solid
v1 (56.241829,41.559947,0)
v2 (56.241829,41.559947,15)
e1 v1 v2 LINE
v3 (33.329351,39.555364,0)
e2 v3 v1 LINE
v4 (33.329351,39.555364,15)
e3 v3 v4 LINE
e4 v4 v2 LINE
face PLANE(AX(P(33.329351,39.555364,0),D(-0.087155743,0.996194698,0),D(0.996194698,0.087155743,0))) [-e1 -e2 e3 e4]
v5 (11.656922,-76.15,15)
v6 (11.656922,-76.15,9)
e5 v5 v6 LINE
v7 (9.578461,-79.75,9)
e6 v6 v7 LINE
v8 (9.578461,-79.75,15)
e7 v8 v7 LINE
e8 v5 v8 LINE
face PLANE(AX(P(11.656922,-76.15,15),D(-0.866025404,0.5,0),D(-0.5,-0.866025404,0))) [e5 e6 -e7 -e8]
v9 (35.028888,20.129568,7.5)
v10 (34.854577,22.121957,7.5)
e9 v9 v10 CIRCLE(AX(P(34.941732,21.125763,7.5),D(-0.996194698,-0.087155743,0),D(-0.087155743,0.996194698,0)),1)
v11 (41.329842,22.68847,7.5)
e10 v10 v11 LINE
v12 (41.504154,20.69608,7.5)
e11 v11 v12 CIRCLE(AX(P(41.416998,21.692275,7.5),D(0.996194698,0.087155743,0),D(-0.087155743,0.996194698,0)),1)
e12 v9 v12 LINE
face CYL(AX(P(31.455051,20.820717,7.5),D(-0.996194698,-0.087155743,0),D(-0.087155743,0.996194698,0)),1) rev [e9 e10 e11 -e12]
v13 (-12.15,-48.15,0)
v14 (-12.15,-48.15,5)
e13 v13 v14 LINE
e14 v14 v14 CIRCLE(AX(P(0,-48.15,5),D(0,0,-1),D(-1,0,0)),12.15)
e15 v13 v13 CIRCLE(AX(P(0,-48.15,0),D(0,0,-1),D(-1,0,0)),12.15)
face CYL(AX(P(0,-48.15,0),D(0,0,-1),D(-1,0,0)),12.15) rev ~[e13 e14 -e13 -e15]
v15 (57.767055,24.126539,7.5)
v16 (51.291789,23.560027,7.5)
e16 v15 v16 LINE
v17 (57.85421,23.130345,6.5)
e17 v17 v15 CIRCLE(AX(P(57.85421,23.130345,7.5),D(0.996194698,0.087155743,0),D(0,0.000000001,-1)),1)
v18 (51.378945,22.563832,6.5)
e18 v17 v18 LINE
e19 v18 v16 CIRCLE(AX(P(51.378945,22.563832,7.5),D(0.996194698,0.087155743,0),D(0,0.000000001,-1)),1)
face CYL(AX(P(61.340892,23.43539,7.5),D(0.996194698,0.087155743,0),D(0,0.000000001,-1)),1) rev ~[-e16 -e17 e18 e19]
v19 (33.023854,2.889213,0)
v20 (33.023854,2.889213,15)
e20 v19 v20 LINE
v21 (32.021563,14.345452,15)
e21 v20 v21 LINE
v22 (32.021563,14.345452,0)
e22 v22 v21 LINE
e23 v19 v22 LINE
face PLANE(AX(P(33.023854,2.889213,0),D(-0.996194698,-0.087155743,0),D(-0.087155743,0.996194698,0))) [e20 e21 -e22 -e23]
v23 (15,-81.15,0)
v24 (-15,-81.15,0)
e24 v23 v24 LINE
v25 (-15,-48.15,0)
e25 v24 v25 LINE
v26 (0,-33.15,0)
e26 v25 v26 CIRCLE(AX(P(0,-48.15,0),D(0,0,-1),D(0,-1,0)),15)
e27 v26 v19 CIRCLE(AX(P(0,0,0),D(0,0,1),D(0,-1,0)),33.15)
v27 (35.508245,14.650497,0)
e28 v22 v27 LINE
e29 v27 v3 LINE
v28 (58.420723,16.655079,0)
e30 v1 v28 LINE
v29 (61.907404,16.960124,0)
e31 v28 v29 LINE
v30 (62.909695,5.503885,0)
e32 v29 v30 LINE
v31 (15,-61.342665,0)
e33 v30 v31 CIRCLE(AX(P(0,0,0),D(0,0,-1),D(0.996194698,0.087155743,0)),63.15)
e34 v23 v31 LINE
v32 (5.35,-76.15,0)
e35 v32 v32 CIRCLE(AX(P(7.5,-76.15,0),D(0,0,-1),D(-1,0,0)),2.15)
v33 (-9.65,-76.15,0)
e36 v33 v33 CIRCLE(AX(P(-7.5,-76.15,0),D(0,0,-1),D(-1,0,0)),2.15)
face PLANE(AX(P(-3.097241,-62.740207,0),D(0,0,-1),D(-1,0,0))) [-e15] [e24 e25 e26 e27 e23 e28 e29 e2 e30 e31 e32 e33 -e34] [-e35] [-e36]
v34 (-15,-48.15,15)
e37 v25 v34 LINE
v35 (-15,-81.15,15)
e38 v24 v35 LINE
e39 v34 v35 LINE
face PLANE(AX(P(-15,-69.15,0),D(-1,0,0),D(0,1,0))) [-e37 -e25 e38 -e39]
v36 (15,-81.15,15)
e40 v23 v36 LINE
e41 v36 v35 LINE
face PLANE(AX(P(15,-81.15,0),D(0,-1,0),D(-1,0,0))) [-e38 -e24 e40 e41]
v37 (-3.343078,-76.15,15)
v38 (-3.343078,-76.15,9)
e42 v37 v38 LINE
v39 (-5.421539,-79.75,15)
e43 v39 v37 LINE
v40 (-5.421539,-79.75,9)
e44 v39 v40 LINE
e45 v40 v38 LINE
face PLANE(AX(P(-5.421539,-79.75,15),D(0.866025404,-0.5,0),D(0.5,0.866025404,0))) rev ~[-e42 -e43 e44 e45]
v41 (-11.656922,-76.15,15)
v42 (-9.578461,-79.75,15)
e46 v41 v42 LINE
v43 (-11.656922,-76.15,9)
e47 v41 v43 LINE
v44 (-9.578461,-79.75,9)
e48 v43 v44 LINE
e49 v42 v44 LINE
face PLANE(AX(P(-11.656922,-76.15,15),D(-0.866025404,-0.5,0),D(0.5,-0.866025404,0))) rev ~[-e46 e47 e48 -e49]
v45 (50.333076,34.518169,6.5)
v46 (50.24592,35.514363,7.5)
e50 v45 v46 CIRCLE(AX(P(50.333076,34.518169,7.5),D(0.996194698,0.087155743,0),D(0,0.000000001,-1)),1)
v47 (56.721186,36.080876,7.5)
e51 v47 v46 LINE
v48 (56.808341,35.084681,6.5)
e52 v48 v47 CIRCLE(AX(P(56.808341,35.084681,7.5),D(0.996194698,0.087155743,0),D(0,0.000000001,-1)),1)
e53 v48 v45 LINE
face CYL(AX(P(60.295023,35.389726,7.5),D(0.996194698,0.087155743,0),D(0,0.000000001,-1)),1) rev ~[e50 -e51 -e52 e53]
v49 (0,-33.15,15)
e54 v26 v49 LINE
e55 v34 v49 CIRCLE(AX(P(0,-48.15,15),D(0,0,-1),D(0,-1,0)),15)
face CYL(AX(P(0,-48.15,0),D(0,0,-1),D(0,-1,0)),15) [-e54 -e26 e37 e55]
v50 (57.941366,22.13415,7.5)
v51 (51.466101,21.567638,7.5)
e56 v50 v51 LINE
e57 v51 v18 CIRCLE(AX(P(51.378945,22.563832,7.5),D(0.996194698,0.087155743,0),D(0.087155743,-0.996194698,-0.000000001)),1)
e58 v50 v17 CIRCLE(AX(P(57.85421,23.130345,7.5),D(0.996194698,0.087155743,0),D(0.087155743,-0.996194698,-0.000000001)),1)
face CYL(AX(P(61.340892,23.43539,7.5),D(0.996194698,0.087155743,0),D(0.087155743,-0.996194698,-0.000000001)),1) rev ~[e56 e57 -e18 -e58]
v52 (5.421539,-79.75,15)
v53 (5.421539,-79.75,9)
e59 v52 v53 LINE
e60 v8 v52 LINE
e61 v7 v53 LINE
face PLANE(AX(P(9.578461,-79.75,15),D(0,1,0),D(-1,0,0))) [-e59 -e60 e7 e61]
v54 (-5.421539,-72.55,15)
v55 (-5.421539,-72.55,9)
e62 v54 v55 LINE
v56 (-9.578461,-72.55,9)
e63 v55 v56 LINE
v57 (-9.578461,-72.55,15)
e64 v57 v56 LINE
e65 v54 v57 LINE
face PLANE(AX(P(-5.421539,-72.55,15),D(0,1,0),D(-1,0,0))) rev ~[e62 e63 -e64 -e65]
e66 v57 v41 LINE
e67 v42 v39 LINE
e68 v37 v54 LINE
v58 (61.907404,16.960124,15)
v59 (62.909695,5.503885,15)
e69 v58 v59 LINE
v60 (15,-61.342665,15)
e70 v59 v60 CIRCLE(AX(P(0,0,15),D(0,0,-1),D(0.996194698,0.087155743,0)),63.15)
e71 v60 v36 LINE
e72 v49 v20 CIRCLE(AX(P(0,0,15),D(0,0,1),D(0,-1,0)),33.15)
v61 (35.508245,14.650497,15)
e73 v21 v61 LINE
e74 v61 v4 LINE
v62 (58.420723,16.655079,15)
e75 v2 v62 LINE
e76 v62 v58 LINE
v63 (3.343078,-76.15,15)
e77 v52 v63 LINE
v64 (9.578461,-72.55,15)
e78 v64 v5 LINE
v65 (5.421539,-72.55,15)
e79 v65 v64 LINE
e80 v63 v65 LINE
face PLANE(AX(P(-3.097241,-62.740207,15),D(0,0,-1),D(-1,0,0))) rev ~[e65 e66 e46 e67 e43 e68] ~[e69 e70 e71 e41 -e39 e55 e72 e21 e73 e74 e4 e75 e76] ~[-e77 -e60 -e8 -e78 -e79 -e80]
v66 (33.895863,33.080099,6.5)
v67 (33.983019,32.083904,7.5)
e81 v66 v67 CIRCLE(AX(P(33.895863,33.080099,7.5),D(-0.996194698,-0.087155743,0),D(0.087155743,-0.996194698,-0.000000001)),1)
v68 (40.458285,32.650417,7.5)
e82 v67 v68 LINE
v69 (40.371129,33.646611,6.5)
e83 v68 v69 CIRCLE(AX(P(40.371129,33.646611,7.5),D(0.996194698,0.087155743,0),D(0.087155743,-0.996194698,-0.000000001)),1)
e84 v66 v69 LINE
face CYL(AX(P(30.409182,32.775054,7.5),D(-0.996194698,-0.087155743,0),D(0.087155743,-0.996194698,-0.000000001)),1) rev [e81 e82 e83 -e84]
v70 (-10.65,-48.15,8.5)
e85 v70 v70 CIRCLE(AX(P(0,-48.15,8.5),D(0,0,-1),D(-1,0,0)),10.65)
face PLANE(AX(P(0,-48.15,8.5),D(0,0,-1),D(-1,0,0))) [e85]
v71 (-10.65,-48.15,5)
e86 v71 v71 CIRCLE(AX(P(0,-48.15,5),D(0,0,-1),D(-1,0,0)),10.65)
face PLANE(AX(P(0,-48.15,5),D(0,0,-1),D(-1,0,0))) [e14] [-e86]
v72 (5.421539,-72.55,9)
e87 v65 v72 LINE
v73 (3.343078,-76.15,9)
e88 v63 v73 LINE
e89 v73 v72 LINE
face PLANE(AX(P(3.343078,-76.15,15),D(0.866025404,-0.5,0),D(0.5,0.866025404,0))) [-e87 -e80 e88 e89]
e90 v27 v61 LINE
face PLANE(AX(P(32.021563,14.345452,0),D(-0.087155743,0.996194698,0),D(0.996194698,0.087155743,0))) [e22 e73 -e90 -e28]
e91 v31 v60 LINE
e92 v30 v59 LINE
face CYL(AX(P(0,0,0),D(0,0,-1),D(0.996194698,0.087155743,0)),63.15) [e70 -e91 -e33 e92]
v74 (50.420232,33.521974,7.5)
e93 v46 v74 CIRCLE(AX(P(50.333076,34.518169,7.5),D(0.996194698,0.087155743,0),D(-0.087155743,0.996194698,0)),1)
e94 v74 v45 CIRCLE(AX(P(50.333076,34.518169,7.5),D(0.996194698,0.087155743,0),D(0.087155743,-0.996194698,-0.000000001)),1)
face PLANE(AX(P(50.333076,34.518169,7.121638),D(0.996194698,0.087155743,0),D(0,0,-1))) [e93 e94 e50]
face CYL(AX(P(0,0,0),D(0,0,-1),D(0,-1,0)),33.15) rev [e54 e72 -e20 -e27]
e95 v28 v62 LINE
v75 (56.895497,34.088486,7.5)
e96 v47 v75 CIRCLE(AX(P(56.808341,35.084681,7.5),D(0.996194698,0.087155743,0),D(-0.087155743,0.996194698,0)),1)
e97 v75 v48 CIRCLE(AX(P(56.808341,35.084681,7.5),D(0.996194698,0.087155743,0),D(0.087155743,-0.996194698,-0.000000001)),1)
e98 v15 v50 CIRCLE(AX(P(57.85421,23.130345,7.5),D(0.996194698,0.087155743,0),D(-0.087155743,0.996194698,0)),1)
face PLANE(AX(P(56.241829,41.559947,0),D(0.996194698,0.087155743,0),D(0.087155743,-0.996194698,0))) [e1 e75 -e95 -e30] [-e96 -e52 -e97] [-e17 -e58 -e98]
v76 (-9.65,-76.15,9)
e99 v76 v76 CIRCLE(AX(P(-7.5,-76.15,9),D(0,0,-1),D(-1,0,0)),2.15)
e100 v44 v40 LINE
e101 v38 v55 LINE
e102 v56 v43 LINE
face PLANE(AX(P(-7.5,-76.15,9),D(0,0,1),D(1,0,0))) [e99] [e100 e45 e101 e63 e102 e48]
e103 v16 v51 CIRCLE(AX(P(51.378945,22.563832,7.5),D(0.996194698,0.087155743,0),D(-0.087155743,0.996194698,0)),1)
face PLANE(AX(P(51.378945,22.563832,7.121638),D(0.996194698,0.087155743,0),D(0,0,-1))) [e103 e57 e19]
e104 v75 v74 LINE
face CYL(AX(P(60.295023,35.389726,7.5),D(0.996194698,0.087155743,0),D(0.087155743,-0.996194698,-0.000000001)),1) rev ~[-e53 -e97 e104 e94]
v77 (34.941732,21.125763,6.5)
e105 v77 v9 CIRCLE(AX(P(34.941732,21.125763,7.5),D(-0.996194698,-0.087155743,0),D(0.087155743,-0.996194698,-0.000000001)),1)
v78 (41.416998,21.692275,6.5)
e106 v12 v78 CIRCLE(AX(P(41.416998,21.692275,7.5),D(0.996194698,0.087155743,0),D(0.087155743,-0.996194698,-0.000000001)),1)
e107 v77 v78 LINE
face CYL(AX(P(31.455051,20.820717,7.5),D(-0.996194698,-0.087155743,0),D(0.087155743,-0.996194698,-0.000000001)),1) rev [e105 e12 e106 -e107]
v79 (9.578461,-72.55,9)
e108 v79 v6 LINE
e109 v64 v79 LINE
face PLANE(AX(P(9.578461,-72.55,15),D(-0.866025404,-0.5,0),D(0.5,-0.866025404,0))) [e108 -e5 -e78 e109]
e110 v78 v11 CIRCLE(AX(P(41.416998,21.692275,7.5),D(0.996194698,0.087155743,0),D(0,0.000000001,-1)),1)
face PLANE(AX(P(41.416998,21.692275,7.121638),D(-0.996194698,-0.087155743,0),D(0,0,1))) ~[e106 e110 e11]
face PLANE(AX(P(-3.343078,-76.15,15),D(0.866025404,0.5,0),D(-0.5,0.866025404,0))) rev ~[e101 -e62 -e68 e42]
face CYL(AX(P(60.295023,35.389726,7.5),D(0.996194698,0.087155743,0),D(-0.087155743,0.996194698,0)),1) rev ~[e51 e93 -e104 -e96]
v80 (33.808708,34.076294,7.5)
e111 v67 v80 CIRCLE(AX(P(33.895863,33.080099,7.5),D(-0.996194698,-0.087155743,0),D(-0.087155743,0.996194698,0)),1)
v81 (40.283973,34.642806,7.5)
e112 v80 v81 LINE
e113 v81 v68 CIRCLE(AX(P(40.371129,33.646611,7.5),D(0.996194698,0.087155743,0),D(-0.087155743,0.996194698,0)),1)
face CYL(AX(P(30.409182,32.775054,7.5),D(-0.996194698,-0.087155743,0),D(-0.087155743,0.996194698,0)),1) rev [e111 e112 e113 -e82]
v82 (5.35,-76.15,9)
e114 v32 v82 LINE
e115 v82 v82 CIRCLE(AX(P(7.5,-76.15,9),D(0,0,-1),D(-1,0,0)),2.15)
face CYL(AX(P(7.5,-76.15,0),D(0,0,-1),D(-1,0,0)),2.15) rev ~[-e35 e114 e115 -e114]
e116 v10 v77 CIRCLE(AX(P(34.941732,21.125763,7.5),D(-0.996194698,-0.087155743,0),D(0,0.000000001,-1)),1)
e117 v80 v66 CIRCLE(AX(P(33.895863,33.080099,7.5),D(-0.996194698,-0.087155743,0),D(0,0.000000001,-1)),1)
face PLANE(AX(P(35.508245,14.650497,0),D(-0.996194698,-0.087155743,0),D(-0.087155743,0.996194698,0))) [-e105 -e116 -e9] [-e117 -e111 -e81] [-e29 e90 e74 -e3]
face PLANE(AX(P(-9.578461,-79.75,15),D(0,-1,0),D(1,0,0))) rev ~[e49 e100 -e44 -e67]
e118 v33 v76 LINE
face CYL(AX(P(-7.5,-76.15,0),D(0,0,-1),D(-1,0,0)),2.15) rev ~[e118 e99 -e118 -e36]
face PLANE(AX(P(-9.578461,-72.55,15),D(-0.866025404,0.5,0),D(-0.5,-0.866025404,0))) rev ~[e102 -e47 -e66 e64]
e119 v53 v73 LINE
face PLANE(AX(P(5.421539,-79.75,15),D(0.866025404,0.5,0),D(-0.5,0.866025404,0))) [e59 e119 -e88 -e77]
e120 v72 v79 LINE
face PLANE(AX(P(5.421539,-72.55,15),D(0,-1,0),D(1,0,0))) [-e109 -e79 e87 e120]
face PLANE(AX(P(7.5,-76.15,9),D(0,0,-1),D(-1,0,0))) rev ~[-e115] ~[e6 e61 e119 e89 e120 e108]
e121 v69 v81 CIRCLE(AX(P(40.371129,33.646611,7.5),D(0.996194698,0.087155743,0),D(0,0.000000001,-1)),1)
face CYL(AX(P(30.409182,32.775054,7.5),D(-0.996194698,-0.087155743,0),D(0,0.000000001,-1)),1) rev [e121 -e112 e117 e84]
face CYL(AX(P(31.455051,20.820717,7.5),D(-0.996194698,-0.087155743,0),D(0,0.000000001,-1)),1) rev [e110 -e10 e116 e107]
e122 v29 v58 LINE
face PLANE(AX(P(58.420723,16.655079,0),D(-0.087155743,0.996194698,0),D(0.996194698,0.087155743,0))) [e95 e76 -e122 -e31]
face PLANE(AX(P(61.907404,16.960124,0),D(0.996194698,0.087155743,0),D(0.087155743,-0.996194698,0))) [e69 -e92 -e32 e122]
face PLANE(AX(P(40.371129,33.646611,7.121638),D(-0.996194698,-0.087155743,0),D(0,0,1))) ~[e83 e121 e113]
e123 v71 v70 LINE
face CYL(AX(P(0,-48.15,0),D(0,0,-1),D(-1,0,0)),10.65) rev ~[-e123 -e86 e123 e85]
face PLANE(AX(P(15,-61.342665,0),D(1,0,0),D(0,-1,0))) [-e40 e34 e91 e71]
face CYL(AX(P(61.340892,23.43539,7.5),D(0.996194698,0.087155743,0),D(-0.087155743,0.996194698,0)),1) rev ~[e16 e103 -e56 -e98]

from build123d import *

# Parameters (mm, degrees)
SKETCH_395_R           = 7.6
EXTRUDE_923_DEPTH      = 15
CUT_EXTRUDE_1359_DEPTH = 10
SKETCH_4236_W          = 30
SKETCH_4236_H          = 12
SKETCH_4236_R          = 2.15
SKETCH_4236_R_2        = 4.1
EXTRUDE_5757_DEPTH     = 15
SKETCH_1_3_R           = 12.15
SKETCH_1_3_R_2         = 10.65
CUT_EXTRUDE_5889_DEPTH = 5
SKETCH_1_4_R           = 10.65
CUT_EXTRUDE_5977_DEPTH = 8.5
CUT_EXTRUDE_7570_DEPTH = 6
SKETCH_1_R             = 7.65
EXTRUDE_7865_DEPTH     = 6.5


with BuildPart() as part:
    # Sketch 395 → Extrude 923 (new body)
    with BuildSketch(Plane.XY):
        with BuildLine():
            Line((33.023854242, 2.889212872), (32.0215632, 14.3454519))
            Line((32.0215632, 14.3454519), (35.508244643, 14.650497))
            Line((35.508244643, 14.650497), (33.329351075, 39.555364452))
            Line((33.329351075, 39.555364452), (56.241829131, 41.559946535))
            Line((56.241829131, 41.559946535), (58.4207227, 16.655079083))
            Line((58.4207227, 16.655079083), (61.907404143, 16.960124183))
            Line((61.907404143, 16.960124183), (62.909695184, 5.503885155))
            ThreePointArc((62.909695184, 5.503885155), (46.55906382, -42.663521611), (0, -63.15))
            ThreePointArc((0, -63.15), (-15, -48.15), (0, -33.15))
            ThreePointArc((0, -33.15), (24.440743715, -22.395815382), (33.023854242, 2.889212872))
        make_face()
        with Locations((0, -48.15)):
            Circle(SKETCH_395_R, mode=Mode.SUBTRACT)
    extrude(amount=EXTRUDE_923_DEPTH)

    # Sketch 978 → Cut-Extrude 1359 (cut)
    with BuildSketch(Plane(origin=(62.909695184, 5.503885155, 0), x_dir=(0, 0, -1), z_dir=(0.9961946980917458, 0.08715574274765542, 0))):
        with BuildLine():
            ThreePointArc((-6.5, 30), (-6.792893219, 30.707106781), (-7.5, 31))
            Line((-7.5, 31), (-7.5, 29))
            ThreePointArc((-7.5, 29), (-6.792893219, 29.292893219), (-6.5, 30))
        make_face()
        with BuildLine():
            Line((-7.5, 29), (-7.5, 31))
            ThreePointArc((-7.5, 31), (-8.5, 30), (-7.5, 29))
        make_face()
        with BuildLine():
            ThreePointArc((-6.5, 18), (-6.792893219, 18.707106781), (-7.5, 19))
            Line((-7.5, 19), (-7.5, 17))
            ThreePointArc((-7.5, 17), (-6.792893219, 17.292893219), (-6.5, 18))
        make_face()
        with BuildLine():
            Line((-7.5, 17), (-7.5, 19))
            ThreePointArc((-7.5, 19), (-8.5, 18), (-7.5, 17))
        make_face()
    cut_extrude_1359 = extrude(amount=-CUT_EXTRUDE_1359_DEPTH, mode=Mode.SUBTRACT)

    # Mirror 1435: Cut-Extrude 1359 across plane
    add(cut_extrude_1359.mirror(Plane(origin=(47.966774713, 4.196549013, 0), x_dir=(0, 0, 1), z_dir=(0.9961946980917455, 0.0871557427476578, 0))), mode=Mode.SUBTRACT)

    # Sketch 4236 → Extrude 5757 (add)
    # profile 1 of 5: a face of its own
    with BuildSketch(Plane(origin=(0, 0, 0), x_dir=(-1, 0, 0), z_dir=(0, 0, -1))):
        with BuildLine():
            ThreePointArc((0, -63.15), (-7.554244854, -62.69653806), (-15, -61.342664598))
            Line((-15, -61.342664598), (-15, -69.15))
            Line((-15, -69.15), (15, -69.15))
            Line((15, -69.15), (15, -48.15))
            ThreePointArc((15, -48.15), (10.606601718, -58.756601718), (0, -63.15))
        make_face()
    # profile 2 of 5: a face of its own
    with BuildSketch(Plane(origin=(0, 0, 0), x_dir=(-1, 0, 0), z_dir=(0, 0, -1))):
        with Locations((0, -75.15)):
            Rectangle(SKETCH_4236_W, SKETCH_4236_H)
        Polygon((-9.578460969, -72.55), (-5.421539031, -72.55), (-3.343078062, -76.15), (-5.421539031, -79.75), (-9.578460969, -79.75), (-11.656921938, -76.15), align=None, mode=Mode.SUBTRACT)
        Polygon((5.421539031, -79.75), (3.343078062, -76.15), (5.421539031, -72.55), (9.578460969, -72.55), (11.656921938, -76.15), (9.578460969, -79.75), align=None, mode=Mode.SUBTRACT)
    # profile 3 of 5: a face of its own
    with BuildSketch(Plane(origin=(0, 0, 0), x_dir=(-1, 0, 0), z_dir=(0, 0, -1))):
        Polygon((-5.421539031, -79.75), (-3.343078062, -76.15), (-5.421539031, -72.55), (-9.578460969, -72.55), (-11.656921938, -76.15), (-9.578460969, -79.75), align=None)
        with Locations((-7.5, -76.15)):
            Circle(SKETCH_4236_R, mode=Mode.SUBTRACT)
    # profile 4 of 5: a face of its own
    with BuildSketch(Plane(origin=(0, 0, 0), x_dir=(-1, 0, 0), z_dir=(0, 0, -1))):
        Polygon((5.421539031, -72.55), (9.578460969, -72.55), (11.656921938, -76.15), (9.578460969, -79.75), (5.421539031, -79.75), (3.343078062, -76.15), align=None)
        with Locations((7.5, -76.15)):
            Circle(SKETCH_4236_R, mode=Mode.SUBTRACT)
    # profile 5 of 5: a face of its own
    with BuildSketch(Plane(origin=(0, 0, 0), x_dir=(-1, 0, 0), z_dir=(0, 0, -1))):
        with Locations((0, -48.15)):
            Circle(SKETCH_4236_R_2)
    extrude(amount=-EXTRUDE_5757_DEPTH)


with BuildPart() as extrude_5757_kept_piece:
    # of the separate pieces the step leaves, the one the design keeps (extrude_5757_pieces_kept)
    add(part.part.solids().sort_by_distance((0, -33.15, 0))[0])

    # Эскиз1_3 → Cut-Extrude 5889 (cut)
    with BuildSketch(Plane(origin=(0, 0, 0), x_dir=(-1, 0, 0), z_dir=(0, 0, -1))):
        with Locations((0, -48.15)):
            Circle(SKETCH_1_3_R)
        with Locations((0, -48.15)):
            Circle(SKETCH_1_3_R_2, mode=Mode.SUBTRACT)
    extrude(amount=-CUT_EXTRUDE_5889_DEPTH, mode=Mode.SUBTRACT)

    # Эскиз1<4> → Cut-Extrude 5977 (cut)
    with BuildSketch(Plane(origin=(0, 0, 0), x_dir=(-1, 0, 0), z_dir=(0, 0, -1))):
        with Locations((0, -48.15)):
            Circle(SKETCH_1_4_R)
    extrude(amount=-CUT_EXTRUDE_5977_DEPTH, mode=Mode.SUBTRACT)

    # Sketch 6737 → Cut-Extrude 7570 (cut)
    with BuildSketch(Plane.XY.offset(15)):
        Polygon((5.421539031, -79.75), (3.343078062, -76.15), (5.421539031, -72.55), (9.578460969, -72.55), (11.656921938, -76.15), (9.578460969, -79.75), align=None)
        Polygon((-3.343078062, -76.15), (-5.421539031, -72.55), (-9.578460969, -72.55), (-11.656921938, -76.15), (-9.578460969, -79.75), (-5.421539031, -79.75), align=None)
    extrude(amount=-CUT_EXTRUDE_7570_DEPTH, mode=Mode.SUBTRACT)

    # Эскиз1 → Extrude 7865 (add)
    with BuildSketch(Plane(origin=(0, 0, 8.5), x_dir=(-1, 0, 0), z_dir=(0, 0, -1))):
        with Locations((0, -48.15)):
            Circle(SKETCH_1_R)
    extrude(amount=-EXTRUDE_7865_DEPTH)


solid = extrude_5757_kept_piece.part
